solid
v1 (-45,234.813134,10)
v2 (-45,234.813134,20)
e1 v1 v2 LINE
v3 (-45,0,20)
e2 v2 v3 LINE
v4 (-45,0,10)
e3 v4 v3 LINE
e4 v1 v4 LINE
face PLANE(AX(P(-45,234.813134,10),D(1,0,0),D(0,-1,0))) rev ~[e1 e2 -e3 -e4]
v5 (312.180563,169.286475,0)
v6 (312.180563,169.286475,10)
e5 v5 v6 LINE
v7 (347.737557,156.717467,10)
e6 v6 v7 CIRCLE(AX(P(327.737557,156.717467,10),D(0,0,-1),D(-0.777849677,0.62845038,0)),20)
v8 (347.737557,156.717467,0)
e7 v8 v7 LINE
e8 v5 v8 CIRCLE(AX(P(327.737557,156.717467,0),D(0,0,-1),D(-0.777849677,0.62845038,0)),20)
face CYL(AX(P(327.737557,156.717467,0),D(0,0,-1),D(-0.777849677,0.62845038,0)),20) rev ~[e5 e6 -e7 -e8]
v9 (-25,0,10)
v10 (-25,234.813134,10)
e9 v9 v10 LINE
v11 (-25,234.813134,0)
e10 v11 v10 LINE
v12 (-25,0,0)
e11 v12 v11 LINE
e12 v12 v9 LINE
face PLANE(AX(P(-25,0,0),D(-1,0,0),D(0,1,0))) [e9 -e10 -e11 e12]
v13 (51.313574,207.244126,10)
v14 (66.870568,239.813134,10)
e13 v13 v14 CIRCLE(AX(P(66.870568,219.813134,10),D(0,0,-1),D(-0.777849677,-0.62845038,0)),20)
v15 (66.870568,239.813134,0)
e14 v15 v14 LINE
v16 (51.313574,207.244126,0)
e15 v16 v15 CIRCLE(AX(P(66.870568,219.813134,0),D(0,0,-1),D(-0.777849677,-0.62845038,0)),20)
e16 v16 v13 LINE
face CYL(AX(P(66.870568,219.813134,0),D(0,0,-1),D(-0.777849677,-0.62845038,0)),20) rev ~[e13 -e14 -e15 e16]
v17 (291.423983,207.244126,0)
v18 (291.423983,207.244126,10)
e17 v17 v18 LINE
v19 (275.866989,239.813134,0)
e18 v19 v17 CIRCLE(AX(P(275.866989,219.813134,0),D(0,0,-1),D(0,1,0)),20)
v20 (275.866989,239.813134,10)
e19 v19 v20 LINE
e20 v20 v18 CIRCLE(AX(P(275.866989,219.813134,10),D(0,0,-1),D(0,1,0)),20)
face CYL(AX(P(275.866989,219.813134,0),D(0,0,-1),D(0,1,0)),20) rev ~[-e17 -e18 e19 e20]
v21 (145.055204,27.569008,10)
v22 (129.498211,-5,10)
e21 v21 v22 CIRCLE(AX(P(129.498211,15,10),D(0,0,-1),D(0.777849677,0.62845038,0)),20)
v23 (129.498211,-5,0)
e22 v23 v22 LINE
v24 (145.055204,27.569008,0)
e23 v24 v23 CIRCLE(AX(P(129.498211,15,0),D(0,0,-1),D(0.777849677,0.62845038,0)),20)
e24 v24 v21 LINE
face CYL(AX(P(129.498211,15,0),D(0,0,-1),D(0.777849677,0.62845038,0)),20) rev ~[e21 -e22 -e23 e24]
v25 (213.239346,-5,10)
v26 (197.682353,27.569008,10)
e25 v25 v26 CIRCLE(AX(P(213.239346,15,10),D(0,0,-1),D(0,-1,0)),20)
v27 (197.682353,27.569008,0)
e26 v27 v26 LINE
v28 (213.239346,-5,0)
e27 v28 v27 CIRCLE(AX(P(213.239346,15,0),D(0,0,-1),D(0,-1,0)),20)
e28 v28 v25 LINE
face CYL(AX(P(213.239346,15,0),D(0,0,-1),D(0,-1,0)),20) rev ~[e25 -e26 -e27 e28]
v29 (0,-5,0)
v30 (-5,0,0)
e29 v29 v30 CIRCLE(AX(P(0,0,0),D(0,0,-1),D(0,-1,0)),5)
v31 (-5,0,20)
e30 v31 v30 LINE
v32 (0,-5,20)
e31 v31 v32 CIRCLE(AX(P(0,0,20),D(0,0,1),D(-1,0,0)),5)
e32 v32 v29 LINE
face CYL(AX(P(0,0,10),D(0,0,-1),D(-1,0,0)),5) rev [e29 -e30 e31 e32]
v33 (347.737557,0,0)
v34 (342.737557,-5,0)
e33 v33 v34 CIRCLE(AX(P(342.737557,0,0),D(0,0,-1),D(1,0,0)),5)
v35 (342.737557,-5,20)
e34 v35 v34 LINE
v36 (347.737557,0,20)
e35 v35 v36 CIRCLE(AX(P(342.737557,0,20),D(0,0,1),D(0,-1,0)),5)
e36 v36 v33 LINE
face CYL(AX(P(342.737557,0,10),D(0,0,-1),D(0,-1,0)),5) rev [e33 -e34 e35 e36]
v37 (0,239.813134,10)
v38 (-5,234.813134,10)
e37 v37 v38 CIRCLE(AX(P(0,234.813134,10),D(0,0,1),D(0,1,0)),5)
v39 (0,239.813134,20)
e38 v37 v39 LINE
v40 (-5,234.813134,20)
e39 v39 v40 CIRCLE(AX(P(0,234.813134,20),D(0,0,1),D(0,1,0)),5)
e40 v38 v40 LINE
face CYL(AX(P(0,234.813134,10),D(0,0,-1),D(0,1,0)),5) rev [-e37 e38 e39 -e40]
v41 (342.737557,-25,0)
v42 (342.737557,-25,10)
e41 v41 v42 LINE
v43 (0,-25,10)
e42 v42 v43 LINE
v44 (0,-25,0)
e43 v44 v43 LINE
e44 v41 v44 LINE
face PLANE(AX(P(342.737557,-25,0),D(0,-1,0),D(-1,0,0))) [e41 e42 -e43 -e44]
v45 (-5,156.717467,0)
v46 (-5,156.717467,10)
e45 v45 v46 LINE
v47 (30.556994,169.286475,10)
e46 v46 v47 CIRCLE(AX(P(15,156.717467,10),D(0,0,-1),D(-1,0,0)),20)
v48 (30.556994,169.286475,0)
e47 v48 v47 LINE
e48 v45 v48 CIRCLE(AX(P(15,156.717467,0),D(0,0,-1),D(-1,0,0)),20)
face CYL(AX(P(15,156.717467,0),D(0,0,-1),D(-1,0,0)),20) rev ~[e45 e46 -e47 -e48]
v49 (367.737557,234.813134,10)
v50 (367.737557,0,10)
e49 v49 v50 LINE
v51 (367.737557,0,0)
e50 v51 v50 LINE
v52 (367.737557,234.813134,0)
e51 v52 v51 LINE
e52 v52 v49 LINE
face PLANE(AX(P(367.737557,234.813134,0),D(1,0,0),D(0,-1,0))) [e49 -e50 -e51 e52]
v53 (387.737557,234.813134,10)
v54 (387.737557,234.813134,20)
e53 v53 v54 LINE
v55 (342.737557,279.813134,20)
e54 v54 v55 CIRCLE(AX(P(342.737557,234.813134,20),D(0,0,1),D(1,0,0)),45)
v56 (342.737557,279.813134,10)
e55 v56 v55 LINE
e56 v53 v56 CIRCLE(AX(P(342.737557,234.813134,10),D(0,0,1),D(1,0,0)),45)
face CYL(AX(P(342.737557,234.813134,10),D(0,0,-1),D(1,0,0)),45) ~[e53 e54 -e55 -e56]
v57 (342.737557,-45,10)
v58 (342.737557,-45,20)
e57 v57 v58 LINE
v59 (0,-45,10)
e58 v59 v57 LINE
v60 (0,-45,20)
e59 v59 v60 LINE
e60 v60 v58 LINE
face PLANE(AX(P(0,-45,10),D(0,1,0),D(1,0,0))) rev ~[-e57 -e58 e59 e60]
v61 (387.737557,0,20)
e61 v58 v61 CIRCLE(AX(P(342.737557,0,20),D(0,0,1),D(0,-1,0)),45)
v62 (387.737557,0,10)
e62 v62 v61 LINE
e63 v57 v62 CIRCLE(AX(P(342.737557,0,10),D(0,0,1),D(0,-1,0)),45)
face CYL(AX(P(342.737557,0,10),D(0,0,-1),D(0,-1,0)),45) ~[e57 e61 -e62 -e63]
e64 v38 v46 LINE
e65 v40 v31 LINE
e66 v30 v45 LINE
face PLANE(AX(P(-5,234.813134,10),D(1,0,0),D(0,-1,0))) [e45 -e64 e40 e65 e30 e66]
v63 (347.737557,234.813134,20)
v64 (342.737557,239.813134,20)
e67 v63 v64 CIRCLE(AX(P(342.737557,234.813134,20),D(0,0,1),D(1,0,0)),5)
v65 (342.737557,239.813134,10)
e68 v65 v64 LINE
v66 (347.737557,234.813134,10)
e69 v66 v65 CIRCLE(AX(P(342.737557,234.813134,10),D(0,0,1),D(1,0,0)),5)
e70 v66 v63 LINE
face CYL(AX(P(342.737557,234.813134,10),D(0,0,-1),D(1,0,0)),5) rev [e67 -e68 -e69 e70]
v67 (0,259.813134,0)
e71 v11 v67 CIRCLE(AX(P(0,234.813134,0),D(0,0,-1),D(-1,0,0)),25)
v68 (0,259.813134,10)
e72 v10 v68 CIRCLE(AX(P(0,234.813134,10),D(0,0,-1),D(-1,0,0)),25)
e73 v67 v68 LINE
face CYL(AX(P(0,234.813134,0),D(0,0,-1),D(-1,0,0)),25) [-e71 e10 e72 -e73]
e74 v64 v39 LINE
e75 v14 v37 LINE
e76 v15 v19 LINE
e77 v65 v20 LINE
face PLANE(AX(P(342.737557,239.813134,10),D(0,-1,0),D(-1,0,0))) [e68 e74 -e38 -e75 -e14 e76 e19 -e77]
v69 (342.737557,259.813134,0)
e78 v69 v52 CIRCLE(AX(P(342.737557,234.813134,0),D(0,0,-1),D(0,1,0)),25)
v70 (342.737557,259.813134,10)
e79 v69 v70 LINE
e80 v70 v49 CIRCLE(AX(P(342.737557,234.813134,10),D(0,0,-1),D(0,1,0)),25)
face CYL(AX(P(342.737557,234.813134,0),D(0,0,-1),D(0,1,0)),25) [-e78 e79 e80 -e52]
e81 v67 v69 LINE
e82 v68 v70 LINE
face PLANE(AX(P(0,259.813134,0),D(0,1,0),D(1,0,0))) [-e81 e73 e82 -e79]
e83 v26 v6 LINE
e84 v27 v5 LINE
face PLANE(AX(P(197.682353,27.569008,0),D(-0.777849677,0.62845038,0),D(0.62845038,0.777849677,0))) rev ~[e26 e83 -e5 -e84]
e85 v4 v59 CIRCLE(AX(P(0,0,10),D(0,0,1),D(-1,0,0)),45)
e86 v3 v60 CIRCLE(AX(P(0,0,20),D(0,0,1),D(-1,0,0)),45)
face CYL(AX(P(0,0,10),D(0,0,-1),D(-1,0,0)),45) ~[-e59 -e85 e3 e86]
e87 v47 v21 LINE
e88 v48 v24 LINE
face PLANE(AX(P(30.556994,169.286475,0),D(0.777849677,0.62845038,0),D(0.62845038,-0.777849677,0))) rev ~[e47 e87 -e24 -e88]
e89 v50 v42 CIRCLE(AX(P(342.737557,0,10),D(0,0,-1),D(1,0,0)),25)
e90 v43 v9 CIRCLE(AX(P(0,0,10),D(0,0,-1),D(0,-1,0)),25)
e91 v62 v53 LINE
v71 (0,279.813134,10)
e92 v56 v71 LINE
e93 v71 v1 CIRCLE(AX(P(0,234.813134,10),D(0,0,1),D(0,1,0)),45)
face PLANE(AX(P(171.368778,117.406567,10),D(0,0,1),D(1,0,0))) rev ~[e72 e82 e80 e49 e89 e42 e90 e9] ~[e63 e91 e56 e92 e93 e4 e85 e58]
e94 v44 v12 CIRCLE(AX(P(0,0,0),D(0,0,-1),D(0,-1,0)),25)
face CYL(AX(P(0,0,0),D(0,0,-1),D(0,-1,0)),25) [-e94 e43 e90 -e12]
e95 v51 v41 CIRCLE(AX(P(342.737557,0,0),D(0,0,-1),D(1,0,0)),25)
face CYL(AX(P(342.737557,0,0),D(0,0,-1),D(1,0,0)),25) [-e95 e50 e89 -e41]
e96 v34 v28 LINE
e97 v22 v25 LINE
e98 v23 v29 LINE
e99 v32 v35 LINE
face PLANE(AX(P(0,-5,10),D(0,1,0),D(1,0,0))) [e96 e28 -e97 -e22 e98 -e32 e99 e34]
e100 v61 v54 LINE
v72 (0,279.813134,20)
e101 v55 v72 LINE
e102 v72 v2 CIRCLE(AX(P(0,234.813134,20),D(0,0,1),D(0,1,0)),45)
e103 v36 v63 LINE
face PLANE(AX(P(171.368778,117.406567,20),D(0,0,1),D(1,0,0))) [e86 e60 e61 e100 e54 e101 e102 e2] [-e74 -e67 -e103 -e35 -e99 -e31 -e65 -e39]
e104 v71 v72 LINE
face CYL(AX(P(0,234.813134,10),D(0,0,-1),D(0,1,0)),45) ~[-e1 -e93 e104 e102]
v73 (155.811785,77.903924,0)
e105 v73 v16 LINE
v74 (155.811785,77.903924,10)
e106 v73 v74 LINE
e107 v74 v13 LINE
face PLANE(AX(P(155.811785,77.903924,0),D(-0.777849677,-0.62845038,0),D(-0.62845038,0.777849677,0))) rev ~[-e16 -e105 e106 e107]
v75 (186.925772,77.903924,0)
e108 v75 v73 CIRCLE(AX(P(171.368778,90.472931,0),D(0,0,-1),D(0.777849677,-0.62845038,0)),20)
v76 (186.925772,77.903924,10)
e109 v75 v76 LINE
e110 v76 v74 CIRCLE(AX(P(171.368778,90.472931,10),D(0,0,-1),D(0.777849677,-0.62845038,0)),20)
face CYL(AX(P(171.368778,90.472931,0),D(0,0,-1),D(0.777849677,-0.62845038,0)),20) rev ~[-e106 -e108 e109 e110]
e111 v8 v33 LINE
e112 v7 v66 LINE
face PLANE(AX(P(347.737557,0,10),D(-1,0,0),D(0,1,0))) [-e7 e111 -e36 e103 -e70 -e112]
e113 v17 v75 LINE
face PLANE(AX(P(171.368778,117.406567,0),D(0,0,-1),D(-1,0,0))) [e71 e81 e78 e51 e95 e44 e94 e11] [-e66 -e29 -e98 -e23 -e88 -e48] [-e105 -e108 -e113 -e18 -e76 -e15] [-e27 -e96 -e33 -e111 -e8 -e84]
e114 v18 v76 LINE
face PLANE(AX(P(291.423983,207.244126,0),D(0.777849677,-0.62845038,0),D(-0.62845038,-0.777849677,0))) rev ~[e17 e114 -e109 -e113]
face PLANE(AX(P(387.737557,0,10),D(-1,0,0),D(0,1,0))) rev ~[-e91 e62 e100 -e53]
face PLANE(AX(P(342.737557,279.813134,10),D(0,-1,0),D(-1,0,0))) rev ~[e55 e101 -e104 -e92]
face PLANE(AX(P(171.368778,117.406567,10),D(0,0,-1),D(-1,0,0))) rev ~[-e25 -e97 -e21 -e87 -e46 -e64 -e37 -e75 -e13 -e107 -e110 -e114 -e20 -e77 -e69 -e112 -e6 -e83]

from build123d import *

# Parameters (mm, degrees)
BOSS_EXTRUDE1_DEPTH = 10
BOSS_EXTRUDE2_DEPTH = 10


with BuildPart() as part:
    # Sketch1 → Boss-Extrude1 (new body)
    with BuildSketch(Plane.XY):
        with BuildLine():
            Line((-25, 0), (-25, 234.81313371))
            ThreePointArc((-25, 234.81313371), (-17.67766953, 252.49080324), (0, 259.81313371))
            Line((0, 259.81313371), (342.73755676, 259.81313371))
            ThreePointArc((342.73755676, 259.81313371), (360.415226289, 252.49080324), (367.73755676, 234.81313371))
            Line((367.73755676, 234.81313371), (367.73755676, 0))
            ThreePointArc((367.73755676, 0), (360.415226289, -17.67766953), (342.73755676, -25))
            Line((342.73755676, -25), (0, -25))
            ThreePointArc((0, -25), (-17.67766953, -17.67766953), (-25, 0))
        make_face()
        with BuildLine():
            Line((-5, 0), (-5, 156.717467164))
            ThreePointArc((-5, 156.717467164), (8.334411906, 175.574029293), (30.556993535, 169.286474767))
            Line((30.556993535, 169.286474767), (145.055204149, 27.569007604))
            ThreePointArc((145.055204149, 27.569007604), (147.545096107, 6.37967959), (129.498210613, -5))
            Line((129.498210613, -5), (0, -5))
            ThreePointArc((0, -5), (-3.535533906, -3.535533906), (-5, 0))
        make_face(mode=Mode.SUBTRACT)
        with BuildLine():
            Line((66.870567767, 239.81313371), (275.866988993, 239.81313371))
            ThreePointArc((275.866988993, 239.81313371), (293.913874487, 228.43345412), (291.423982529, 207.244126107))
            Line((291.423982529, 207.244126107), (186.925771915, 77.903923741))
            ThreePointArc((186.925771915, 77.903923741), (171.36877838, 70.472931344), (155.811784844, 77.903923741))
            Line((155.811784844, 77.903923741), (51.313574231, 207.244126107))
            ThreePointArc((51.313574231, 207.244126107), (48.823682273, 228.43345412), (66.870567767, 239.81313371))
        make_face(mode=Mode.SUBTRACT)
        with BuildLine():
            Line((347.73755676, 156.717467164), (347.73755676, 0))
            ThreePointArc((347.73755676, 0), (346.273090666, -3.535533906), (342.73755676, -5))
            Line((342.73755676, -5), (213.239346146, -5))
            ThreePointArc((213.239346146, -5), (195.192460652, 6.37967959), (197.682352611, 27.569007604))
            Line((197.682352611, 27.569007604), (312.180563224, 169.286474767))
            ThreePointArc((312.180563224, 169.286474767), (334.403144854, 175.574029293), (347.73755676, 156.717467164))
        make_face(mode=Mode.SUBTRACT)
    extrude(amount=BOSS_EXTRUDE1_DEPTH)

    # Sketch2 → Boss-Extrude2 (add)
    with BuildSketch(Plane.XY.offset(10)):
        with BuildLine():
            Line((342.73755676, 279.81313371), (0, 279.81313371))
            ThreePointArc((0, 279.81313371), (-31.819805153, 266.632938864), (-45, 234.81313371))
            Line((-45, 234.81313371), (-45, 0))
            ThreePointArc((-45, 0), (-31.819805153, -31.819805153), (0, -45))
            Line((0, -45), (342.73755676, -45))
            ThreePointArc((342.73755676, -45), (374.557361913, -31.819805153), (387.73755676, 0))
            Line((387.73755676, 0), (387.73755676, 234.81313371))
            ThreePointArc((387.73755676, 234.81313371), (374.557361913, 266.632938864), (342.73755676, 279.81313371))
        make_face()
        with BuildLine():
            Line((342.73755676, 239.81313371), (0, 239.81313371))
            ThreePointArc((0, 239.81313371), (-3.535533906, 238.348667616), (-5, 234.81313371))
            Line((-5, 234.81313371), (-5, 0))
            ThreePointArc((-5, 0), (-3.535533906, -3.535533906), (0, -5))
            Line((0, -5), (342.73755676, -5))
            ThreePointArc((342.73755676, -5), (346.273090666, -3.535533906), (347.73755676, 0))
            Line((347.73755676, 0), (347.73755676, 234.81313371))
            ThreePointArc((347.73755676, 234.81313371), (346.273090666, 238.348667616), (342.73755676, 239.81313371))
        make_face(mode=Mode.SUBTRACT)
    extrude(amount=BOSS_EXTRUDE2_DEPTH)


solid = part.part
